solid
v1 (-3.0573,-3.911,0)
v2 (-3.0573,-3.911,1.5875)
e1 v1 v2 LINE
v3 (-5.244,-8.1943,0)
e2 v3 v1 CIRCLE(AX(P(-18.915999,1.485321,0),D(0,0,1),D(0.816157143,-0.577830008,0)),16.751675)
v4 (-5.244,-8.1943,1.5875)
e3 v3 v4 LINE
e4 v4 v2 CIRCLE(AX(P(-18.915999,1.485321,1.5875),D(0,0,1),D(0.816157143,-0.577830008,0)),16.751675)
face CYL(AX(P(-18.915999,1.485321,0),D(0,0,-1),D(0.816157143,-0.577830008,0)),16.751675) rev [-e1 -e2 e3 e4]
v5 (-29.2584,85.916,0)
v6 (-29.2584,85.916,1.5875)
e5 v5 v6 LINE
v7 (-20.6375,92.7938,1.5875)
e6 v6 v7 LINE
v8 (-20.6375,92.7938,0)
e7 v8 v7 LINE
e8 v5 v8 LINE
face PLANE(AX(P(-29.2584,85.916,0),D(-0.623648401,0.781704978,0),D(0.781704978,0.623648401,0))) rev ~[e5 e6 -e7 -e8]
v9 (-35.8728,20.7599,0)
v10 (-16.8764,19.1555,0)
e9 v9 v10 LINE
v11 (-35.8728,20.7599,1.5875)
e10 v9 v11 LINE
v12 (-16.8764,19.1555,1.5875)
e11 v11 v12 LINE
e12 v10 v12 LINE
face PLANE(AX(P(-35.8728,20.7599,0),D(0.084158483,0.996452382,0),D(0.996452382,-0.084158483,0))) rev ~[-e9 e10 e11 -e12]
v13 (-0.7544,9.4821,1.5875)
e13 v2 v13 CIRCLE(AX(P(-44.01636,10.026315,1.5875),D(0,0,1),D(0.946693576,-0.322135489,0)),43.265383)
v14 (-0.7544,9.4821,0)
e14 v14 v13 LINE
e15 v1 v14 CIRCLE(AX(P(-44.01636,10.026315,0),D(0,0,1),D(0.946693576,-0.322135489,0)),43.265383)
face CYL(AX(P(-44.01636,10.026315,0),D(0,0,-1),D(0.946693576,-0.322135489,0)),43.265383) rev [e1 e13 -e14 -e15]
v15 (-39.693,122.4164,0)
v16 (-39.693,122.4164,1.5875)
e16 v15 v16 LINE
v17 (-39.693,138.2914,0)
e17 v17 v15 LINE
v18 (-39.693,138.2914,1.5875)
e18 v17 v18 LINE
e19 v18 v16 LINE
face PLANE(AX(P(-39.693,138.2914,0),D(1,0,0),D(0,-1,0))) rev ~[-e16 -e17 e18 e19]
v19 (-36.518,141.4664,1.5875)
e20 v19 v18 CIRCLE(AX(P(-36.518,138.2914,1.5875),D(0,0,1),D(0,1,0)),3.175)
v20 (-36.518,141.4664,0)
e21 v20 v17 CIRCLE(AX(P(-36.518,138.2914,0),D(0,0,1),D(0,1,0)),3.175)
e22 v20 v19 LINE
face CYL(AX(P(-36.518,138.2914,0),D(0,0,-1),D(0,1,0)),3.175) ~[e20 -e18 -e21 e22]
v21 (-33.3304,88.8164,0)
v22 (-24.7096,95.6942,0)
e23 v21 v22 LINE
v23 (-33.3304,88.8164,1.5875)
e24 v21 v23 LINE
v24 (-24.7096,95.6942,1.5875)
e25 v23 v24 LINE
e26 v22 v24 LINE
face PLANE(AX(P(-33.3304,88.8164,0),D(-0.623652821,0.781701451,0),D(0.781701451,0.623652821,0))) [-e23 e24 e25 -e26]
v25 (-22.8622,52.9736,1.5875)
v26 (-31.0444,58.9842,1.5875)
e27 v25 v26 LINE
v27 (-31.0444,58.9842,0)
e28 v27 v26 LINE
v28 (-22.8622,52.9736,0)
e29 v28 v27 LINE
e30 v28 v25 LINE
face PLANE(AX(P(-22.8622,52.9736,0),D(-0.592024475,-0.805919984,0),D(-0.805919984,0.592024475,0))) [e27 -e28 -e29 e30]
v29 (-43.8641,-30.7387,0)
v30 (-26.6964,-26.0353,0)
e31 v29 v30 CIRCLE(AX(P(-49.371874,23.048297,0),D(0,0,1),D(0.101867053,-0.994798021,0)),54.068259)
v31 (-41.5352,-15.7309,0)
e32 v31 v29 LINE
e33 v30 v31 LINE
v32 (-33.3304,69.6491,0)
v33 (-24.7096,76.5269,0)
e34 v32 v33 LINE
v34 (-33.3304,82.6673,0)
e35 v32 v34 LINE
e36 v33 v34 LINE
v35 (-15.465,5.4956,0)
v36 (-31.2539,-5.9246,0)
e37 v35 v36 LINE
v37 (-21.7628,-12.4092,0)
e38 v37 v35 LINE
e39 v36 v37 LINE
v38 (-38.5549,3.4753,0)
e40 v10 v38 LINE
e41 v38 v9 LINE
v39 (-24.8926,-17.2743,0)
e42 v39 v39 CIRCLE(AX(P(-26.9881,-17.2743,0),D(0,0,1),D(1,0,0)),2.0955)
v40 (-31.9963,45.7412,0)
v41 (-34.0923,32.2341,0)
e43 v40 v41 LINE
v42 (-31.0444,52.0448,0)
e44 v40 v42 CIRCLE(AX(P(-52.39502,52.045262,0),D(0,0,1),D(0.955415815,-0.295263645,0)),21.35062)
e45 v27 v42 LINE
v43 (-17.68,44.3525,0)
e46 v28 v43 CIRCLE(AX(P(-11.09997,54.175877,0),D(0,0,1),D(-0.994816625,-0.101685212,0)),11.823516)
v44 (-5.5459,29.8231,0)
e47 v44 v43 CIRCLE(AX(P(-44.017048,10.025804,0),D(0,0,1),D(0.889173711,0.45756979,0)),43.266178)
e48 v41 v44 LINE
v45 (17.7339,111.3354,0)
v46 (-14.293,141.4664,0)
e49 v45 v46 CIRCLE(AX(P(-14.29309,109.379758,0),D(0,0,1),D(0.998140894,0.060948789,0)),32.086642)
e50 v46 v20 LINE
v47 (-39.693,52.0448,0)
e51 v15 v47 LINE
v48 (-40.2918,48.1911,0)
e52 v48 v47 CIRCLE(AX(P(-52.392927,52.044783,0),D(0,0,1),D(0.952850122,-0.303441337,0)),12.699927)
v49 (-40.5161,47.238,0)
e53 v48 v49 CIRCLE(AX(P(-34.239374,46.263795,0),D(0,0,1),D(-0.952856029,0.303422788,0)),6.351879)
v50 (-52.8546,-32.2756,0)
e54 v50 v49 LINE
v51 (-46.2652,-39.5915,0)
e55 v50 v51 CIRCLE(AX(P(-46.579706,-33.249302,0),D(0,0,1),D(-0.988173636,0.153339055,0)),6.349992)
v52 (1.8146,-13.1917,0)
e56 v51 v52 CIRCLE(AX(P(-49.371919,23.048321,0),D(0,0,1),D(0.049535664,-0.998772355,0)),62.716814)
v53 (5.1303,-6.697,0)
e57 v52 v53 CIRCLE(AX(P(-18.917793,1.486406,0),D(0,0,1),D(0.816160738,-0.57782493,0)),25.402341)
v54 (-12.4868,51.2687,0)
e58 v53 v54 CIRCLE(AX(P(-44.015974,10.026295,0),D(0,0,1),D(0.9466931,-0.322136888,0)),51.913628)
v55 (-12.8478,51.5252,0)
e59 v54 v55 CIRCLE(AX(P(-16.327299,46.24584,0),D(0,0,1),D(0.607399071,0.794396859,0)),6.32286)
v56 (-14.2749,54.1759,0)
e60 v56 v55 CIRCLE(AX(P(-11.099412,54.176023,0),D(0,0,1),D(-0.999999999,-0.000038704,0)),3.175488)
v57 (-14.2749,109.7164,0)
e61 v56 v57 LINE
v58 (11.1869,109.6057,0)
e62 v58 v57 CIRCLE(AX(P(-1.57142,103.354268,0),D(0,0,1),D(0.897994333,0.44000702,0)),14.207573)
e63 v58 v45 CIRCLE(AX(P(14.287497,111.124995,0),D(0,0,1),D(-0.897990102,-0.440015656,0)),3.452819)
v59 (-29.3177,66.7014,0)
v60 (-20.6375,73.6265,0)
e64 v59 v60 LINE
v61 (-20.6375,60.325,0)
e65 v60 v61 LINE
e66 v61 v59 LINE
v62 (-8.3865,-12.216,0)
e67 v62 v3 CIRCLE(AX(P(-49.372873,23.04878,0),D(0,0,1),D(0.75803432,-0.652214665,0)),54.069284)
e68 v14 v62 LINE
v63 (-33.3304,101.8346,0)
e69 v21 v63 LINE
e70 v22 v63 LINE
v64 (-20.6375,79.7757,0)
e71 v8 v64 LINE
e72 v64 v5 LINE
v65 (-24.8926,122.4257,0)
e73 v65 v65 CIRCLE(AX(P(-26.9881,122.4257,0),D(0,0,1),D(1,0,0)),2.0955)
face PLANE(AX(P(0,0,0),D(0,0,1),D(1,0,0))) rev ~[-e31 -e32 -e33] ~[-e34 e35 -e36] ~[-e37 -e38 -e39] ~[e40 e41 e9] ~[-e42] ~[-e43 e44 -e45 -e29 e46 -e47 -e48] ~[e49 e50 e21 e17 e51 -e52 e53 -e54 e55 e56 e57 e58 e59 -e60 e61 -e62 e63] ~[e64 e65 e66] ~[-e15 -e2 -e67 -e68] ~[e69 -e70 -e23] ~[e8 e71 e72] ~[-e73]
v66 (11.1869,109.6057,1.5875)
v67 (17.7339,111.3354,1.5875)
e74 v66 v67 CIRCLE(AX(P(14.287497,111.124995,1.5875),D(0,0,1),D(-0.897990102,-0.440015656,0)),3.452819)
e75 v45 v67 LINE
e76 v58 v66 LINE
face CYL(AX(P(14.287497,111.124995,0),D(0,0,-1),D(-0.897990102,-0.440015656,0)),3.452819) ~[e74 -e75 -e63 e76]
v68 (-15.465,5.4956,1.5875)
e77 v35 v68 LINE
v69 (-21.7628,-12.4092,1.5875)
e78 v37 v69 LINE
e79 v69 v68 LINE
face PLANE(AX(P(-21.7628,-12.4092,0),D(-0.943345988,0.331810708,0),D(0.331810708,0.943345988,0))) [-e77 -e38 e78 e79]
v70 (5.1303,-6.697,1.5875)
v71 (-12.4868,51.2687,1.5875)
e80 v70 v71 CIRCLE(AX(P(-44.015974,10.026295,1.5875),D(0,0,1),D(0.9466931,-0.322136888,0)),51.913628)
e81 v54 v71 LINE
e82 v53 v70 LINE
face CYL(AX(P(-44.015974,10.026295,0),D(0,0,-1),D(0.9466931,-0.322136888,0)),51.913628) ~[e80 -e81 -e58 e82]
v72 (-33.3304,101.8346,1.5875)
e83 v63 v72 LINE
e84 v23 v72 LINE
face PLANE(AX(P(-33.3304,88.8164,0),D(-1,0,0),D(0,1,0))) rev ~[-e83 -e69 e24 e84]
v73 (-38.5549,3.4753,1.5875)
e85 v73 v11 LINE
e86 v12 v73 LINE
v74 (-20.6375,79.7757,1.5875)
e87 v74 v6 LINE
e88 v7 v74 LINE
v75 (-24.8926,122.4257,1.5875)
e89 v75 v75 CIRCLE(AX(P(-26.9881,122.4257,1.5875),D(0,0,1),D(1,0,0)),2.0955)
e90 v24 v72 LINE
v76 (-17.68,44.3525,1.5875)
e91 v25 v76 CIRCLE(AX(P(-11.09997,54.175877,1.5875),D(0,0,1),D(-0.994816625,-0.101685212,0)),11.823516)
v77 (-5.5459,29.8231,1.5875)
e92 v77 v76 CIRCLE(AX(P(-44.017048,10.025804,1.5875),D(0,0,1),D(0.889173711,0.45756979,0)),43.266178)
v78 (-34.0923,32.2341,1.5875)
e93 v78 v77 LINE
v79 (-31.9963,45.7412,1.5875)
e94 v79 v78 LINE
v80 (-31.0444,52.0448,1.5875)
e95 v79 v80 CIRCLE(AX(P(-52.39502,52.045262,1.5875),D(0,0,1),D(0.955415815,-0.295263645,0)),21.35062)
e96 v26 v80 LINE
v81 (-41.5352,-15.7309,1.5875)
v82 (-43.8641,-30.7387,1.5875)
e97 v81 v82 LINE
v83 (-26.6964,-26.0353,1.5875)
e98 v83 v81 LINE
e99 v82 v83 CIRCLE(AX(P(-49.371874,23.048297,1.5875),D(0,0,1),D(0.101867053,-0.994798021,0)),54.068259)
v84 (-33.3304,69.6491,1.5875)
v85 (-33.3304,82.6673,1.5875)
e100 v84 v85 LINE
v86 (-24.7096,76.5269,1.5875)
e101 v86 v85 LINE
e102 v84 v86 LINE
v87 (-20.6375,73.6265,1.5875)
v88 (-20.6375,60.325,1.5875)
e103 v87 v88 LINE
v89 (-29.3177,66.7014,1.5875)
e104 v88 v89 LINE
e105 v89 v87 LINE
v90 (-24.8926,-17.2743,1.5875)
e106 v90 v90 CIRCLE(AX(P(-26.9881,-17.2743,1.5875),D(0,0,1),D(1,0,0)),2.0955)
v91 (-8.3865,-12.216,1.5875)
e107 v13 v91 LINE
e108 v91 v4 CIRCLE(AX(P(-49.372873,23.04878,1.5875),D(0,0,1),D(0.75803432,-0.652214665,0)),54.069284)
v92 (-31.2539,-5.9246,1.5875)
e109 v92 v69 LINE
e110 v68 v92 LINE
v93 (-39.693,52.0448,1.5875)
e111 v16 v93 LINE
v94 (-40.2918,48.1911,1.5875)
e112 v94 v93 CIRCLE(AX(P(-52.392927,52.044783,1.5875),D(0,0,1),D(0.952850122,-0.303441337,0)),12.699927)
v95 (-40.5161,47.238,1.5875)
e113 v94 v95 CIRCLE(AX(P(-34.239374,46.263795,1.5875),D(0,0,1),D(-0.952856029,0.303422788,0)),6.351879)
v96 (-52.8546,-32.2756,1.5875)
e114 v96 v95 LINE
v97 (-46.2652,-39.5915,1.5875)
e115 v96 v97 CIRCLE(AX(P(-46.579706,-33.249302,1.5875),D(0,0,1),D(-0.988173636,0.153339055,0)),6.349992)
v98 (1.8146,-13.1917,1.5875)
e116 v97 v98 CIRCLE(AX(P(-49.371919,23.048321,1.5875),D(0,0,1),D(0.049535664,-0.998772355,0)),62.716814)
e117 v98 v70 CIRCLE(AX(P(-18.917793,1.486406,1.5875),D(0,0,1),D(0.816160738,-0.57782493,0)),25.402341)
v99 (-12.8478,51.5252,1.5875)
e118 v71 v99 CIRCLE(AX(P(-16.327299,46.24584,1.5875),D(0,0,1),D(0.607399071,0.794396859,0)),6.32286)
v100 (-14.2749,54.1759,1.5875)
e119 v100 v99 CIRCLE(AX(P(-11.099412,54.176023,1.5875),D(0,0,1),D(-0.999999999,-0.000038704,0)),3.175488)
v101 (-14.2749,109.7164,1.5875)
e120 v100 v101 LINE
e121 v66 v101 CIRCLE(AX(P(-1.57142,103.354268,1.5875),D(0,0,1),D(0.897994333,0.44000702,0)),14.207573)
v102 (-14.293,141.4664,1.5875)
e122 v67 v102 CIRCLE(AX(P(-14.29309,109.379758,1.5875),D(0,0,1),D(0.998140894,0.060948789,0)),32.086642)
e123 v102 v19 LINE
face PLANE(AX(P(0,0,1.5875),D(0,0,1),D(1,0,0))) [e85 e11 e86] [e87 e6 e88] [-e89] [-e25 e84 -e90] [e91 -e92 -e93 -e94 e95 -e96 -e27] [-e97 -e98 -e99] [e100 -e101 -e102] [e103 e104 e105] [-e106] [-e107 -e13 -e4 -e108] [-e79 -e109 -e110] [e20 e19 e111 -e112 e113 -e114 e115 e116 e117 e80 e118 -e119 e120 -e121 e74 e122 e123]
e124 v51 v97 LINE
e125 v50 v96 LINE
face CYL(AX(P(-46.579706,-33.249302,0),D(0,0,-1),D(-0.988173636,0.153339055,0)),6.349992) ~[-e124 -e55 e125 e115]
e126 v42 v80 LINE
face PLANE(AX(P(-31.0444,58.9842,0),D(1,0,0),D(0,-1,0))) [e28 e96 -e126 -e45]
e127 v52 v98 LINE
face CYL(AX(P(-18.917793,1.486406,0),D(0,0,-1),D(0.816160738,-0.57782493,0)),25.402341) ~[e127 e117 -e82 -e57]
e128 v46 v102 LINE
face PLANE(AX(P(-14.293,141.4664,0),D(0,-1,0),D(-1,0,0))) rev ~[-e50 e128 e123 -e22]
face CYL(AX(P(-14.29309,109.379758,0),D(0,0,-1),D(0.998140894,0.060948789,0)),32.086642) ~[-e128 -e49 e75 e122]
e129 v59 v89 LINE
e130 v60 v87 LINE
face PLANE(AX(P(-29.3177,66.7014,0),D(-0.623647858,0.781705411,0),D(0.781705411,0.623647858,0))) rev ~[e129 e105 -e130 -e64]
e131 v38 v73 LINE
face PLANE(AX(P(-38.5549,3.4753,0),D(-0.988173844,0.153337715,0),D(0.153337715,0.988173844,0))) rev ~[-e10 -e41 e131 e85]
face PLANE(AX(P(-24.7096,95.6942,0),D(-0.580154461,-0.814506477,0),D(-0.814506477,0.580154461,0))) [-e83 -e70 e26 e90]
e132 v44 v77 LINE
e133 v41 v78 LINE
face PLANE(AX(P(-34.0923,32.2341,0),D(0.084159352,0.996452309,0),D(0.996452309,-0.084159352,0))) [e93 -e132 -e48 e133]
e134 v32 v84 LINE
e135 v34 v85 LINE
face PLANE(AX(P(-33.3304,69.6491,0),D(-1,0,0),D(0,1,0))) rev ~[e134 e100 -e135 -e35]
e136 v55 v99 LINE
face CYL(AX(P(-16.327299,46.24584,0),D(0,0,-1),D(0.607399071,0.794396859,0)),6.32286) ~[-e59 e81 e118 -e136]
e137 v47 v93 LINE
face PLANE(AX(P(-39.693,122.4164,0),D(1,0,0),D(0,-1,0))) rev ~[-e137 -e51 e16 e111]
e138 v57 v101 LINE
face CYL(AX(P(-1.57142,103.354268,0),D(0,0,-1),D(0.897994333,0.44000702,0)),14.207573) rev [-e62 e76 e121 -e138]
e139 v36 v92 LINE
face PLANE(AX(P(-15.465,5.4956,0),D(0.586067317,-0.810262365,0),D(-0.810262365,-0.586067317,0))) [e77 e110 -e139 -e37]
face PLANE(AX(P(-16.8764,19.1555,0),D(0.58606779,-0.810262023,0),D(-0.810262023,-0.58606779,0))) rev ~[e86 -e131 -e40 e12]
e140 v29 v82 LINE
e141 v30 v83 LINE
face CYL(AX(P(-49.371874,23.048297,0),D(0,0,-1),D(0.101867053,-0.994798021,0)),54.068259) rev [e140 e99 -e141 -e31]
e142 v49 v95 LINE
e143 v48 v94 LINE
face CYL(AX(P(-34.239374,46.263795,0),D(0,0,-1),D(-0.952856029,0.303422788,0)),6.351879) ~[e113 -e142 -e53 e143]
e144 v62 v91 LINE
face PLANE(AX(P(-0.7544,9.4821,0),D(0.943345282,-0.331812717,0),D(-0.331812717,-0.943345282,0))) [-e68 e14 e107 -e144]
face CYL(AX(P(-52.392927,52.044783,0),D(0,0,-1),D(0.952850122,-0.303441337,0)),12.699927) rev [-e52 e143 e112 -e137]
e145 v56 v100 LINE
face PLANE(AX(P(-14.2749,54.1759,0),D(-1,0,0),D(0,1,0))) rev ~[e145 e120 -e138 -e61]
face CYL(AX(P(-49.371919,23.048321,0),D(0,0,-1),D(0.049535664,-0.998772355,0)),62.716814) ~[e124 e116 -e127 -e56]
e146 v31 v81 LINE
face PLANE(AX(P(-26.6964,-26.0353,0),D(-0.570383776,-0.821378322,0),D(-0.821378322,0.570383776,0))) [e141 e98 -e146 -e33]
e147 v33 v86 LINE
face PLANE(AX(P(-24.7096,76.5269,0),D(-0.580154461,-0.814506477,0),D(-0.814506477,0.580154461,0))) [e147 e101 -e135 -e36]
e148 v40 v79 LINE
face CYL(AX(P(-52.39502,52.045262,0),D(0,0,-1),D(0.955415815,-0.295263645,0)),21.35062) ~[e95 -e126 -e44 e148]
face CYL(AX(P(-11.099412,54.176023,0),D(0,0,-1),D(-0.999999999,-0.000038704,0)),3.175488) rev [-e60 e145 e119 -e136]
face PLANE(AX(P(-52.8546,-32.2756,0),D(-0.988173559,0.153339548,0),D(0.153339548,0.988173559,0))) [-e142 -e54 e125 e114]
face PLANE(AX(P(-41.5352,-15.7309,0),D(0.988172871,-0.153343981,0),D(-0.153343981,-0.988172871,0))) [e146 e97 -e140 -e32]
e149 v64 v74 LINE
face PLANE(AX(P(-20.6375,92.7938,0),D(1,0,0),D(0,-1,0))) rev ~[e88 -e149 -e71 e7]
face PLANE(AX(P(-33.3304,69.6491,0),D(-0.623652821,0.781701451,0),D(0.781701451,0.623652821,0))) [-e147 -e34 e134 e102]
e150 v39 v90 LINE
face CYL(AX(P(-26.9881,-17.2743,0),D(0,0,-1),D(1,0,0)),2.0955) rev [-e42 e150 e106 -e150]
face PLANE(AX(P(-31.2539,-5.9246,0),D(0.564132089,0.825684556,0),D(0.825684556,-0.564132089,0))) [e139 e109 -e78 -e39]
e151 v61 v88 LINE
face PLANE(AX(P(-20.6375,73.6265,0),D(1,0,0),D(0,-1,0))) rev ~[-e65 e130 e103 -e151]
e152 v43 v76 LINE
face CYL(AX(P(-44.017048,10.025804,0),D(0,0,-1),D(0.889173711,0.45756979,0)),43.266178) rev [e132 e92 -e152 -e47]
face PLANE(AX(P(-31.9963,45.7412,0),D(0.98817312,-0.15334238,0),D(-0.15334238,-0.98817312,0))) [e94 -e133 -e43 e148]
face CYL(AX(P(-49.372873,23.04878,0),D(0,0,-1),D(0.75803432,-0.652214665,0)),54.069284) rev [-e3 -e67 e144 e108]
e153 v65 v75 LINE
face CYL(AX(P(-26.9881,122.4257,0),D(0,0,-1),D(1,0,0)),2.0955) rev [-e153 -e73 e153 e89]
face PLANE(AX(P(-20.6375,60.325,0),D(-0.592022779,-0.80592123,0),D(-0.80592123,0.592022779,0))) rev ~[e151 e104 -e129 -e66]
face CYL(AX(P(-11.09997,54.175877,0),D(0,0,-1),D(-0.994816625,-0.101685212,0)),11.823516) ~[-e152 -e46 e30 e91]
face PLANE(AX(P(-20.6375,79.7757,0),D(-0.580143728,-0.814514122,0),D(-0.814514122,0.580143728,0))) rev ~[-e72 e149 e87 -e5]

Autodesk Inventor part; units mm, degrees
ref_plane "YZ Plane" through (0, 0, 0) normal (1, 0, 0) x (0, 1, 0)
ref_plane "XZ Plane" through (0, 0, 0) normal (0, 1, 0) x (-1, 0, 0)
ref_plane "XY Plane" through (0, 0, 0) normal (0, 0, 1) x (1, 0, 0)
sketch "Sketch1" plane through (0, 0, 0) normal (0, 0, 1) x (1, 0, 0)
  circle A0 centre (-26.9881, -17.2743) radius 2.0955
  circle A1 centre (-26.9881, 46.2257) radius 2.0955
  arc A2 (-46.2652, -39.5915) -> (1.8146, -13.1917) centre (-49.3718, 23.0479) ccw
  arc A3 (5.1303, -6.697) -> (-12.4868, 51.2687) centre (-44.0163, 10.0263) ccw
  line L0 (-52.8546, -32.2756) -> (-40.5161, 47.238)
  arc A4 (1.8146, -13.1917) -> (5.1303, -6.697) centre (-18.9158, 1.4852) ccw
  arc A5 (-52.8546, -32.2756) -> (-46.2652, -39.5915) centre (-46.5797, -33.2493) ccw
  arc A6 (-40.2918, 48.1911) -> (-40.5161, 47.238) centre (-34.2412, 46.2643) ccw
  arc A7 (-12.4868, 51.2687) -> (-12.8478, 51.5252) centre (-16.3434, 46.224) ccw
  circle A8 centre (-26.9881, 122.4257) radius 2.0955
  line L1 (-14.2749, 54.1759) -> (-14.2749, 109.7164)
  line L2 (-39.693, 122.4164) -> (-39.693, 52.0448)
  arc A9 (11.1869, 109.6057) -> (-14.2749, 109.7164) centre (-1.5714, 103.3543) ccw
  arc A10 (11.1869, 109.6057) -> (17.7339, 111.3354) centre (14.2875, 111.125) ccw
  arc A11 (-14.2749, 128.7664) -> (-14.293, 128.7664) centre (-14.293, 89.434) ccw
  arc A12 (-40.2918, 48.1911) -> (-39.693, 52.0448) centre (-52.393, 52.0448) ccw
  arc A13 (-14.2749, 54.1759) -> (-12.8478, 51.5252) centre (-11.0999, 54.1759) ccw
  line L3 (-14.293, 141.4664) -> (-36.518, 141.4664)
  line L4 (-39.693, 138.2914) -> (-39.693, 122.4164)
  arc A14 (17.7339, 111.3354) -> (-14.293, 141.4664) centre (-14.293, 109.3798) ccw
  arc A15 (-36.518, 141.4664) -> (-39.693, 138.2914) centre (-36.518, 138.2914) ccw
  line L5 (-20.6375, 60.325) -> (-29.3177, 66.7014)
  line L6 (-29.3177, 66.7014) -> (-20.6375, 73.6265)
  line L7 (-33.3304, 69.6491) -> (-24.7096, 76.5269)
  line L8 (-24.7096, 76.5269) -> (-33.3304, 82.6673)
  line L9 (-20.6375, 79.7757) -> (-29.2584, 85.916)
  line L10 (-29.2584, 85.916) -> (-20.6375, 92.7938)
  line L11 (-33.3304, 88.8164) -> (-24.7096, 95.6942)
  line L12 (-24.7096, 95.6942) -> (-33.3304, 101.8346)
  line L13 (-20.6375, 98.943) -> (-29.121, 104.9855)
  line L14 (-29.121, 104.9855) -> (-20.6375, 111.3354)
  line L15 (-20.6375, 73.6265) -> (-20.6375, 60.325)
  line L16 (-33.3304, 69.6491) -> (-33.3304, 82.6673)
  line L17 (-20.6375, 111.0754) -> (-20.6375, 98.943)
  line L18 (-20.6375, 92.7938) -> (-20.6375, 79.7757)
  line L19 (-33.3304, 88.8164) -> (-33.3304, 101.8346)
  line L20 (-35.8728, 20.7599) -> (-16.8764, 19.1555)
  line L21 (-16.8764, 19.1555) -> (-38.5549, 3.4753)
  line L22 (-38.5549, 3.4753) -> (-35.8728, 20.7599)
  line L23 (-15.465, 5.4956) -> (-31.2539, -5.9246)
  line L24 (-31.2539, -5.9246) -> (-21.7628, -12.4092)
  line L25 (-21.7628, -12.4092) -> (-15.465, 5.4956)
  line L26 (-26.6964, -26.0353) -> (-41.5352, -15.7309)
  line L27 (-41.5352, -15.7309) -> (-43.8641, -30.7387)
  arc A16 (-43.8641, -30.7387) -> (-26.6964, -26.0353) centre (-49.3718, 23.0479) ccw
  line L28 (-0.7544, 9.4821) -> (-8.3865, -12.216)
  arc A17 (-8.3865, -12.216) -> (-5.244, -8.1943) centre (-49.3718, 23.0479) ccw
  arc A18 (-5.244, -8.1943) -> (-3.0573, -3.911) centre (-18.9158, 1.4852) ccw
  arc A19 (-3.0573, -3.911) -> (-0.7544, 9.4821) centre (-44.0163, 10.0263) ccw
  arc A20 (-22.8622, 52.9736) -> (-17.68, 44.3525) centre (-11.0999, 54.1759) ccw
  line L29 (-22.8622, 52.9736) -> (-31.0444, 58.9842)
  line L30 (-31.0444, 58.9842) -> (-31.0444, 52.0448)
  arc A21 (-31.9963, 45.7412) -> (-31.0444, 52.0448) centre (-52.393, 52.0448) ccw
  line L31 (-31.9963, 45.7412) -> (-34.0923, 32.2341)
  line L32 (-34.0923, 32.2341) -> (-5.5459, 29.8231)
  arc A22 (-5.5459, 29.8231) -> (-17.68, 44.3525) centre (-44.0163, 10.0263) ccw
  point P0 (-53.9756, -39.4993)
  point P1 (-26.9881, 52.574)
  point P2 (-14.2749, 52.2277)
  point P3 (-39.693, 128.7664)
  point P4 (-39.693, 49.5201)
  dimension "d5" = 4.191
  dimension "d6" = 4.191
  dimension "d7" = 25.4
  dimension "d8" = 6.35
  dimension "d9" = 6.35
  dimension "d11" = 4.191
  dimension "d13" = 25.4
  dimension "d15" = 19.05
  dimension "d18" = 12.7
  dimension "d19" = 3.175
  dimension "d20" = 12.7
  dimension "d21" = 3.175
extrude "Extrusion1" add sketch "Sketch1" along normal blind 1.5875 contours A5 L0 A6 A12 L2 L4 A15 L3 A14 A10 A9 L1 A13 A7 A3 A4 A2
equation "\"BendRadius\" = Thickness"
equation "\"BendReliefWidth\" = Thickness"
equation "\"BendReliefDepth\" = 0.5 * Thickness"
equation "\"CornerReliefSize\" = 4 * Thickness"
equation "\"MinimumRemnant\" = 2 * Thickness"
equation "\"TransitionRadius\" = BendRadius"
equation "\"JacobiRadiusSize\" = BendRadius"
equation "\"GapSize\" = Thickness"
equation "\"Thickness\" = 1.5875"
properties part number "sled" material "Acetal Resin, White"
